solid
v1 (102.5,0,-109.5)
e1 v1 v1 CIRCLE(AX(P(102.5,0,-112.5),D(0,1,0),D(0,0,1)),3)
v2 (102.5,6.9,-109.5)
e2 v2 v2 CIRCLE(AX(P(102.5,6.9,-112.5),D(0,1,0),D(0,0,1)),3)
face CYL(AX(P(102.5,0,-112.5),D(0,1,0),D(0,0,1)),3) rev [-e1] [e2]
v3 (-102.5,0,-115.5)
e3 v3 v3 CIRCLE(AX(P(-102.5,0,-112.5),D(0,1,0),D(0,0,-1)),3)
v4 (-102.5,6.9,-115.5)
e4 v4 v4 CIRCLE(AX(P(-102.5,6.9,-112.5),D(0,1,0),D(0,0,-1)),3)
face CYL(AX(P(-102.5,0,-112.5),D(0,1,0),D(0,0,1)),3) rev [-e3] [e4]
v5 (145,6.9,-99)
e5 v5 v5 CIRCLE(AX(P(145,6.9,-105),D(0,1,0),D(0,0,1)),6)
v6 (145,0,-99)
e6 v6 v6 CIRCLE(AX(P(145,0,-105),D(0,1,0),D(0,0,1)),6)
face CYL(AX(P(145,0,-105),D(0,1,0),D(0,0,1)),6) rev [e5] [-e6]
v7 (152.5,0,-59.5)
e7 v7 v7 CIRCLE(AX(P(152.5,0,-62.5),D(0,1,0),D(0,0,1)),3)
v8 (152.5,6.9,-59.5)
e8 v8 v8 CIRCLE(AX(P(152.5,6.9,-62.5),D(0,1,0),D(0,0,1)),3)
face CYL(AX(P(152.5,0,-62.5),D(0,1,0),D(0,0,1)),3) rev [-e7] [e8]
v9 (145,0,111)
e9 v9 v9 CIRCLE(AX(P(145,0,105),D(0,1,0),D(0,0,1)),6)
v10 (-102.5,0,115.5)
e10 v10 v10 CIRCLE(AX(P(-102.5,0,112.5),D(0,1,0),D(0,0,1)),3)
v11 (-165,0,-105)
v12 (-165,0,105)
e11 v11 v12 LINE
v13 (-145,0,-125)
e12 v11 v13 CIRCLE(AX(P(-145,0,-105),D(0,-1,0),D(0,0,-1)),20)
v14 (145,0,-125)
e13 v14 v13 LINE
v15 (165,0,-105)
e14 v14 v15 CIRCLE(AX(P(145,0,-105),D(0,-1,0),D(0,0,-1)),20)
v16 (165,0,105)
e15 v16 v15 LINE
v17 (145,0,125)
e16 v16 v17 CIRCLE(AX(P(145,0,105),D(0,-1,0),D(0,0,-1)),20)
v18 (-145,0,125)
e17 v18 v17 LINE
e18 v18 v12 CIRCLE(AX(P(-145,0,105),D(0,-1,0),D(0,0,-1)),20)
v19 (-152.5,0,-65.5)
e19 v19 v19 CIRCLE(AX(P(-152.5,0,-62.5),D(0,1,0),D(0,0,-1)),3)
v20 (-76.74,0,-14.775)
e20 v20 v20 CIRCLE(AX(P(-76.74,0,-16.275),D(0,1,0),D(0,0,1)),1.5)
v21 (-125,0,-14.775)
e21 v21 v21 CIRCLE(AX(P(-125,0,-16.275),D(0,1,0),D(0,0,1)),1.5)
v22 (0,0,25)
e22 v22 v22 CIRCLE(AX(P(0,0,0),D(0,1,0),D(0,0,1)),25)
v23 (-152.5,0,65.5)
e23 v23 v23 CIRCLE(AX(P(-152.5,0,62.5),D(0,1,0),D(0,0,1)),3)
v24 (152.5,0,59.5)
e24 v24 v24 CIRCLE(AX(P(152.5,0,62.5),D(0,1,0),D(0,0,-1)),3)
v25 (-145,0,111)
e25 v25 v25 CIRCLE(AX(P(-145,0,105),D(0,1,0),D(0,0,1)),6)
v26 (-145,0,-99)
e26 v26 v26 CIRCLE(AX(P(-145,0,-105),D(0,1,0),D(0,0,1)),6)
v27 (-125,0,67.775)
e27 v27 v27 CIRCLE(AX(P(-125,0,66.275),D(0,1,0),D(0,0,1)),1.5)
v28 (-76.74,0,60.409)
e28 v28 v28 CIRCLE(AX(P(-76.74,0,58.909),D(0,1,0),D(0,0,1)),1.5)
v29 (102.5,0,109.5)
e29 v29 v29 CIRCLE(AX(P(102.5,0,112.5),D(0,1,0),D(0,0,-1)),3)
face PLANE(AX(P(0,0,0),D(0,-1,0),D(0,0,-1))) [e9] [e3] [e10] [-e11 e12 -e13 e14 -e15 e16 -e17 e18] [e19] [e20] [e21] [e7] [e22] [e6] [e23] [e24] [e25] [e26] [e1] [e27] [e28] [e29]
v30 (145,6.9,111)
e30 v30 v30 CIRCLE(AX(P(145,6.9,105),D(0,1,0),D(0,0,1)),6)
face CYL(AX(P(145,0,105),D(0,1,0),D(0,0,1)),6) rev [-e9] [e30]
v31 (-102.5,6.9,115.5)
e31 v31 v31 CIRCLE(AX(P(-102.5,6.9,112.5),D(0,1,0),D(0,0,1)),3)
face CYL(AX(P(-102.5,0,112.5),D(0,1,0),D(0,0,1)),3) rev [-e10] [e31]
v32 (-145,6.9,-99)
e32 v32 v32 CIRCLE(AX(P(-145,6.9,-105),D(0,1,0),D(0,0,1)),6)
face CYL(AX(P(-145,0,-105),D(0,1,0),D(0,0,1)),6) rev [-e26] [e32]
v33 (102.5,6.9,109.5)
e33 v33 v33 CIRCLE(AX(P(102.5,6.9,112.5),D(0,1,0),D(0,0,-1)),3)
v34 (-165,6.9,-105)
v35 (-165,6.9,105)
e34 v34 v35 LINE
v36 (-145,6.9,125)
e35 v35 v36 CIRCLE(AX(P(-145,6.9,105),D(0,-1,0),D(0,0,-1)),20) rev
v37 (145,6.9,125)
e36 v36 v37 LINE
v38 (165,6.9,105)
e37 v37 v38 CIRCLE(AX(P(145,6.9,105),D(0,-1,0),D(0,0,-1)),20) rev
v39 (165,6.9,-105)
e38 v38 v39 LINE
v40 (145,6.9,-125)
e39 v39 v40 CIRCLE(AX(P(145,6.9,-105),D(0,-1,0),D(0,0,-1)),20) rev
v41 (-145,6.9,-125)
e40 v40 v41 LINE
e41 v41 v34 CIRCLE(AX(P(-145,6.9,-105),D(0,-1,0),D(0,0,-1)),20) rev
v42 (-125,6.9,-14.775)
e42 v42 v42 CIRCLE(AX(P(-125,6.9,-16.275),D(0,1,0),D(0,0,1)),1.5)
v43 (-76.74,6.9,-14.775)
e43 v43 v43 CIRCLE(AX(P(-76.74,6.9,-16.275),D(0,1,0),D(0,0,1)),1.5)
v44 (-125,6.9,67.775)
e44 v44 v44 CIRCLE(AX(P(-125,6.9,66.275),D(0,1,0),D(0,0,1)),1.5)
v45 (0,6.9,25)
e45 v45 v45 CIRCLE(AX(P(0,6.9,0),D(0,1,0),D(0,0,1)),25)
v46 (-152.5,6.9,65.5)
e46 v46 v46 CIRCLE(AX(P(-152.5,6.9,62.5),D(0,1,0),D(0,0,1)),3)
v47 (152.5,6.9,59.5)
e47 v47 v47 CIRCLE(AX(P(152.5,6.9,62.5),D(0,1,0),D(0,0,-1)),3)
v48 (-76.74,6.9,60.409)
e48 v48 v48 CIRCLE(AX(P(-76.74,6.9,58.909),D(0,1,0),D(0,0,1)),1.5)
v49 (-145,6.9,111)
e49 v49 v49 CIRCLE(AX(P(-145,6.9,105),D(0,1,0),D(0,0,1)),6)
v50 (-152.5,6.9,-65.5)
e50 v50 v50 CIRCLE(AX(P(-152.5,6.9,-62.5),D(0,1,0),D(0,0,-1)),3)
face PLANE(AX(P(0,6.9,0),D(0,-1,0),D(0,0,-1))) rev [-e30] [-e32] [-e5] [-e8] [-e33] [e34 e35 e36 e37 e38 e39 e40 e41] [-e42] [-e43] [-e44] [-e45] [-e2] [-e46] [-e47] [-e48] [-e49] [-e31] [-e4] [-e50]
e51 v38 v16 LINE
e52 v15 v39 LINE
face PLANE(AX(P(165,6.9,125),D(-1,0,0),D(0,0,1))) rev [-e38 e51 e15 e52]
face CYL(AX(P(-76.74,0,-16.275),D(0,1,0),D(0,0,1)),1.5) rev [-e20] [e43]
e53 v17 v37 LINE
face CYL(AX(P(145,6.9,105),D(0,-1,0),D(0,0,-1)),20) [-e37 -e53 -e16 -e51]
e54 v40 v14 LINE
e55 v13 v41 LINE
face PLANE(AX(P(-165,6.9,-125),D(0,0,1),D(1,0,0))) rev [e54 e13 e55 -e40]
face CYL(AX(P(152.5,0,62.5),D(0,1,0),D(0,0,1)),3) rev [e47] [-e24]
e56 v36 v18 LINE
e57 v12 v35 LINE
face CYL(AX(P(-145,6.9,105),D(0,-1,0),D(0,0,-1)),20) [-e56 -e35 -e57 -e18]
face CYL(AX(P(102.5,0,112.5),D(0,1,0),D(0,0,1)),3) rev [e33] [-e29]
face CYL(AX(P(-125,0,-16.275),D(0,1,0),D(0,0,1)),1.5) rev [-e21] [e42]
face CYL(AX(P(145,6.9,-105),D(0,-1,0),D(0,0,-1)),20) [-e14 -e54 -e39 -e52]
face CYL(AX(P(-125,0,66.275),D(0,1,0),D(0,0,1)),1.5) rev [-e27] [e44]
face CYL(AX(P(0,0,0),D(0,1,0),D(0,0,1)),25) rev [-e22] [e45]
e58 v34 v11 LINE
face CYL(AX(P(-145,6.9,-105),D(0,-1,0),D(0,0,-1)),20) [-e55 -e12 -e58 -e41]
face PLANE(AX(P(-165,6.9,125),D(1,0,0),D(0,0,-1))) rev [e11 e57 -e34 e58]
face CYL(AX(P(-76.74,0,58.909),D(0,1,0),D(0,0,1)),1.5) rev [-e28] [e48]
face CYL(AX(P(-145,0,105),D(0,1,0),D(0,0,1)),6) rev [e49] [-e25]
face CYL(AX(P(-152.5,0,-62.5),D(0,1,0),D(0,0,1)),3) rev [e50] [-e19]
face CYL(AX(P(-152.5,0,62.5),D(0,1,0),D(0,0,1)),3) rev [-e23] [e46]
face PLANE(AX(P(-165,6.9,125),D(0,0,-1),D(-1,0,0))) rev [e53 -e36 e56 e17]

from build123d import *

# Parameters (mm, degrees)
SKETCH1_W           = 330
SKETCH1_H           = 250
BOSS_EXTRUDE1_DEPTH = 6.9
SKETCH2_R           = 6
CUT_EXTRUDE1_DEPTH  = 7.9
SKETCH3_R           = 25
CUT_EXTRUDE2_DEPTH  = 7.9
SKETCH4_R           = 3
CUT_EXTRUDE3_DEPTH  = 7.9
FILLET1_R           = 20
SKETCH5_R           = 1.5
CUT_EXTRUDE4_DEPTH  = 7.9


with BuildPart() as part:
    # Sketch1 → Boss-Extrude1 (new body)
    with BuildSketch(Plane(origin=(0, 0, 0), x_dir=(1, 0, 0), z_dir=(0, 1, 0))):
        Rectangle(SKETCH1_W, SKETCH1_H)
    extrude(amount=BOSS_EXTRUDE1_DEPTH)

    # Sketch2 → Cut-Extrude1 (cut, through all)
    with BuildSketch(Plane(origin=(0, 6.9, 0), x_dir=(1, 0, 0), z_dir=(0, 1, 0))):
        with Locations((-145, 105)):
            Circle(SKETCH2_R)
        with Locations((145, 105)):
            Circle(SKETCH2_R)
        with Locations((145, -105)):
            Circle(SKETCH2_R)
        with Locations((-145, -105)):
            Circle(SKETCH2_R)
    extrude(amount=-CUT_EXTRUDE1_DEPTH, mode=Mode.SUBTRACT)

    # Sketch3 → Cut-Extrude2 (cut, through all)
    with BuildSketch(Plane(origin=(0, 6.9, 0), x_dir=(1, 0, 0), z_dir=(0, 1, 0))):
        Circle(SKETCH3_R)
    extrude(amount=-CUT_EXTRUDE2_DEPTH, mode=Mode.SUBTRACT)

    # Sketch4 → Cut-Extrude3 (cut, through all)
    with BuildSketch(Plane(origin=(0, 6.9, 0), x_dir=(1, 0, 0), z_dir=(0, 1, 0))):
        with Locations((-152.5, -62.5)):
            Circle(SKETCH4_R)
        with Locations((-102.5, -112.5)):
            Circle(SKETCH4_R)
        with Locations((-102.5, 112.5)):
            Circle(SKETCH4_R)
        with Locations((-152.5, 62.5)):
            Circle(SKETCH4_R)
        with Locations((152.5, 62.5)):
            Circle(SKETCH4_R)
        with Locations((102.5, 112.5)):
            Circle(SKETCH4_R)
        with Locations((102.5, -112.5)):
            Circle(SKETCH4_R)
        with Locations((152.5, -62.5)):
            Circle(SKETCH4_R)
    extrude(amount=-CUT_EXTRUDE3_DEPTH, mode=Mode.SUBTRACT)

    # Fillet1
    fillet1_edges = [part.edges().sort_by_distance(p)[0] for p in [
        (-165, 3.45, -125),
        (165, 3.45, -125),
        (165, 3.45, 125),
        (-165, 3.45, 125),
    ]]
    fillet(fillet1_edges, radius=FILLET1_R)

    # Sketch5 → Cut-Extrude4 (cut, through all)
    with BuildSketch(Plane(origin=(0, 6.9, 0), x_dir=(1, 0, 0), z_dir=(0, 1, 0))):
        with Locations((-125, 16.275)):
            Circle(SKETCH5_R)
        with Locations((-76.74, 16.275)):
            Circle(SKETCH5_R)
        with Locations((-125, -66.275)):
            Circle(SKETCH5_R)
        with Locations((-76.74, -58.909)):
            Circle(SKETCH5_R)
    extrude(amount=-CUT_EXTRUDE4_DEPTH, mode=Mode.SUBTRACT)


solid = part.part
